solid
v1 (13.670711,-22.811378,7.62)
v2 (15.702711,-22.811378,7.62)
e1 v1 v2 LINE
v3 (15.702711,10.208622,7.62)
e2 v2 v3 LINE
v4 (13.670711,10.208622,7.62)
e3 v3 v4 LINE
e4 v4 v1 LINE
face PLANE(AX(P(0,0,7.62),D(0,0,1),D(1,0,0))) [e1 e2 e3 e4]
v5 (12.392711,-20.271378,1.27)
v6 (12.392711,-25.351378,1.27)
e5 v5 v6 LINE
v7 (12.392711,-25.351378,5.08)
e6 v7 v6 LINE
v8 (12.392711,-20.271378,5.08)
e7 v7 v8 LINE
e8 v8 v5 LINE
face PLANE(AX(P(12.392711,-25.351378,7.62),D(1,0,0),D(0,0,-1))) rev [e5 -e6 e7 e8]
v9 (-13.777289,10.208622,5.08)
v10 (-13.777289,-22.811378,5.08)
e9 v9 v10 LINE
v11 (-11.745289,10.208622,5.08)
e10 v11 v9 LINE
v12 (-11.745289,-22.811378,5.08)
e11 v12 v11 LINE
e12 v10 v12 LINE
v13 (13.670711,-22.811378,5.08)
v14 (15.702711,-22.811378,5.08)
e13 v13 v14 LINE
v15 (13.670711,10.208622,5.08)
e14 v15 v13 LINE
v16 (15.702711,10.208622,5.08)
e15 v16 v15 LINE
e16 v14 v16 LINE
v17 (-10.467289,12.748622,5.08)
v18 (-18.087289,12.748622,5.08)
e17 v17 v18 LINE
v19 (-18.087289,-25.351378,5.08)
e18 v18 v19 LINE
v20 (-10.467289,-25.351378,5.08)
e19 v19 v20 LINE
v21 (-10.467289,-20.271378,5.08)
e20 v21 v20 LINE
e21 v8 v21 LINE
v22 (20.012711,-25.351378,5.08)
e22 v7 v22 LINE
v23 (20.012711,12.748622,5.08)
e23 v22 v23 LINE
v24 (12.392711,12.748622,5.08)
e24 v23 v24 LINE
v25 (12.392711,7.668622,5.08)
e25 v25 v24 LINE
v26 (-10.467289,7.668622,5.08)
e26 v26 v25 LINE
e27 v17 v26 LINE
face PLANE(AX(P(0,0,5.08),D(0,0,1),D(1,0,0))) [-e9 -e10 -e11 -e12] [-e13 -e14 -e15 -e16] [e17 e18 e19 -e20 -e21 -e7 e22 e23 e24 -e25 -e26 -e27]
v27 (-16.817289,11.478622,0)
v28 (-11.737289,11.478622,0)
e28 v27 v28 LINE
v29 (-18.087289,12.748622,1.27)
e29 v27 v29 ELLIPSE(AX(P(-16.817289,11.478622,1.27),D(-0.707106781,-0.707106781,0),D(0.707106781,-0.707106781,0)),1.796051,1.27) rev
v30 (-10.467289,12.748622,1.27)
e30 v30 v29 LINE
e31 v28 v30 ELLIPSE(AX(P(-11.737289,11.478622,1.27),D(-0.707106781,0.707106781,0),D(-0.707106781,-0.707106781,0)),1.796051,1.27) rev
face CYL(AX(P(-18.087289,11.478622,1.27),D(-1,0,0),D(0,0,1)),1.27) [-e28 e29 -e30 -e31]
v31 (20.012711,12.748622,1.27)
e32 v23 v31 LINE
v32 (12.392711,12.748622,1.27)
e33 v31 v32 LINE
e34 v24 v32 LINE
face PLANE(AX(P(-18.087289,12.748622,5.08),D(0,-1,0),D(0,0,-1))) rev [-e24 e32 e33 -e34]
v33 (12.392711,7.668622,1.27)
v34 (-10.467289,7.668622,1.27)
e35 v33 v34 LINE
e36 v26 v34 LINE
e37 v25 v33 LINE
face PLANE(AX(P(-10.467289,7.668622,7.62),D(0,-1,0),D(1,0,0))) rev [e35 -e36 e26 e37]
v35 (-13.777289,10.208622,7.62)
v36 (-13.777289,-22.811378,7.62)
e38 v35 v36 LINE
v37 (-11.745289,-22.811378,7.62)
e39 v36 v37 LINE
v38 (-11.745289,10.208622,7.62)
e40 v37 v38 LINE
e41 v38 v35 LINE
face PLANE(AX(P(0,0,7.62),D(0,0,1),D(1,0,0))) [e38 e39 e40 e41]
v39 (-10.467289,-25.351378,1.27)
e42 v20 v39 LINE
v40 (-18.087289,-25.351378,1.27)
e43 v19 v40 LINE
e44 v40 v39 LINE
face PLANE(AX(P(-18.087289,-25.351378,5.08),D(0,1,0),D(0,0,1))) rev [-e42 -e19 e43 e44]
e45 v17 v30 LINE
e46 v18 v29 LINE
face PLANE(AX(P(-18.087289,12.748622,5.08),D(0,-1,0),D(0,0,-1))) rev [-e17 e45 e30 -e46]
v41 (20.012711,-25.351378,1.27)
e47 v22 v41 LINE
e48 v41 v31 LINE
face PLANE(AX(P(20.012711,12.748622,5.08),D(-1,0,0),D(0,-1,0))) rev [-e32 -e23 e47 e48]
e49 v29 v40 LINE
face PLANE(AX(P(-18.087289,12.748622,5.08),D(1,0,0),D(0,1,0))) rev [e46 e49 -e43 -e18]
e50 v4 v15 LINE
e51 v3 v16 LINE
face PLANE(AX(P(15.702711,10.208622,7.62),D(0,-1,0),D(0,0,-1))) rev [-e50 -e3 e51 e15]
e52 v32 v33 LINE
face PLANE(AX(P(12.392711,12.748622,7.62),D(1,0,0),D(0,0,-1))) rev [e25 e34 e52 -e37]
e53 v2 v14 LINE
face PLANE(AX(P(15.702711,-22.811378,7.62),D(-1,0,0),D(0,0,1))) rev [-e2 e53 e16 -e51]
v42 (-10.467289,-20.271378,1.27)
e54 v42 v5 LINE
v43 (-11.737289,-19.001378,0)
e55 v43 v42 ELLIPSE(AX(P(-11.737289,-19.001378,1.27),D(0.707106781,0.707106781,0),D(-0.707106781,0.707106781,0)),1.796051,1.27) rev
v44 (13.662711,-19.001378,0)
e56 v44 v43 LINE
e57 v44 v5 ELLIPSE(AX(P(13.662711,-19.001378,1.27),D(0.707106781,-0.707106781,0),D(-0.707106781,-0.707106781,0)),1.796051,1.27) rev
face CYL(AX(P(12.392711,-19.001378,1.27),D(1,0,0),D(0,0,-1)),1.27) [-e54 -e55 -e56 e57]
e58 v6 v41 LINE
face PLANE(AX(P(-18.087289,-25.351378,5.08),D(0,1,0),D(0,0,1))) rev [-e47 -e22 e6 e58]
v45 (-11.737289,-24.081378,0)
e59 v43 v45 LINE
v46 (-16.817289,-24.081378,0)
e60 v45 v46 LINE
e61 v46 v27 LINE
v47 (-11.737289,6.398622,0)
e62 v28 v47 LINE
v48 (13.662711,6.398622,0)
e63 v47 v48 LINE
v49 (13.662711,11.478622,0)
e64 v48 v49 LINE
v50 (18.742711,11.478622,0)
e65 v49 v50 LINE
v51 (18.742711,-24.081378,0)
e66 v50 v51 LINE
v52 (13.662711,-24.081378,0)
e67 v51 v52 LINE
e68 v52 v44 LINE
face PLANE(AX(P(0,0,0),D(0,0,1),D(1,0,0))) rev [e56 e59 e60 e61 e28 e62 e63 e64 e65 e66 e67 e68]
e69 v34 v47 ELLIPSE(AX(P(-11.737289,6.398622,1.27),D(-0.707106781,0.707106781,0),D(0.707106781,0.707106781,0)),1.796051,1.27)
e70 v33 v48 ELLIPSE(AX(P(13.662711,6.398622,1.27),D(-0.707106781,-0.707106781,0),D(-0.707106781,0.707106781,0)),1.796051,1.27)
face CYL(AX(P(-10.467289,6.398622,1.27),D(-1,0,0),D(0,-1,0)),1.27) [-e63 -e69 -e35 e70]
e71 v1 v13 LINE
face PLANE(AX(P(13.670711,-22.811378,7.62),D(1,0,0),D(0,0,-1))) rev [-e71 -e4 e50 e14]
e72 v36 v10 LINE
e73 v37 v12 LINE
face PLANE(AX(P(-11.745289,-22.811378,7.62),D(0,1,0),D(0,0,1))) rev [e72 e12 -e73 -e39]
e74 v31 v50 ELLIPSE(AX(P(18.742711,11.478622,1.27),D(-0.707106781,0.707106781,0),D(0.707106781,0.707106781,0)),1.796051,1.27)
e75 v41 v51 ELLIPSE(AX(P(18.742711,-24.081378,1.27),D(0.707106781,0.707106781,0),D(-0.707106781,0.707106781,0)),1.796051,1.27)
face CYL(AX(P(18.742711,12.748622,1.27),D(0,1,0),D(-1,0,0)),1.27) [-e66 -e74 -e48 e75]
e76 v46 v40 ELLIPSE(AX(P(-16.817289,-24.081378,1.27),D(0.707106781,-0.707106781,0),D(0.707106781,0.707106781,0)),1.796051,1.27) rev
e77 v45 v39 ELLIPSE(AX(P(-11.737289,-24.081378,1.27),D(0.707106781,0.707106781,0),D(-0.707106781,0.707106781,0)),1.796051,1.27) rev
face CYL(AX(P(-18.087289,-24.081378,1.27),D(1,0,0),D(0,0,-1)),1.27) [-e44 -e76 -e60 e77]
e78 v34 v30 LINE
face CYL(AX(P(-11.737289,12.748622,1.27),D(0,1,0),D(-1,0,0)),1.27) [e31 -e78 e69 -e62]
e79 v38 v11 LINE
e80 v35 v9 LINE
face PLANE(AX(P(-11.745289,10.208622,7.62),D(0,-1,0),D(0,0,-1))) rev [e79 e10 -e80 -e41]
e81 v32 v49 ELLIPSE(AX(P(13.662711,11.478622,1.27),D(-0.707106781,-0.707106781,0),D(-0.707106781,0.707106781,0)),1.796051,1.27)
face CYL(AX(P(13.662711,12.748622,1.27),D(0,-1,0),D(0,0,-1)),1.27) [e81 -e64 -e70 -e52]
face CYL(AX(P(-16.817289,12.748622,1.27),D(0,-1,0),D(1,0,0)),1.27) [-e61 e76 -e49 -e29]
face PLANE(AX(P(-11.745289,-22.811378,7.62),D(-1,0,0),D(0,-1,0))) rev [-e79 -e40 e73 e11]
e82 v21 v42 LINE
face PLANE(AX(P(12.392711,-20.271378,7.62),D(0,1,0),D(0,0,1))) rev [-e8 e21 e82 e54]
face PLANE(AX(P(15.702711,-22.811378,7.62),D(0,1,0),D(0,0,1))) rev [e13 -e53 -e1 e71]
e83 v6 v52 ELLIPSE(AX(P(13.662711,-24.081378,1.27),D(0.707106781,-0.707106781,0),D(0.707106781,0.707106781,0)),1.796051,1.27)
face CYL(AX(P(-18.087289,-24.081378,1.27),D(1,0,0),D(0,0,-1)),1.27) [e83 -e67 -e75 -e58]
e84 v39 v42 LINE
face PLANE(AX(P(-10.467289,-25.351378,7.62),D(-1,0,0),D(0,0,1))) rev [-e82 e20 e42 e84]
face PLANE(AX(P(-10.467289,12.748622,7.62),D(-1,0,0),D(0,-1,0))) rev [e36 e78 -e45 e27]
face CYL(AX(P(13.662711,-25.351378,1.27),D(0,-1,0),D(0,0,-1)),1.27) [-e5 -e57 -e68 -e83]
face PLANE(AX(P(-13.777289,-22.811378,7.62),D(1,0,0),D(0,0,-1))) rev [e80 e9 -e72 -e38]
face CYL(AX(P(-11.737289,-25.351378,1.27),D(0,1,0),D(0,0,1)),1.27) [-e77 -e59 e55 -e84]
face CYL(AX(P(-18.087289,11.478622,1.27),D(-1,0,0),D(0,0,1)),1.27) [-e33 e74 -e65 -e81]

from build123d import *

# Parameters (mm, degrees)
SKETCH1_W           = 38.1
SKETCH1_H           = 38.1
BOSS_EXTRUDE1_DEPTH = 5.08
SKETCH5_W           = 2.032
SKETCH5_H           = 33.02
BOSS_EXTRUDE3_DEPTH = 2.54
SKETCH6_W           = 22.86
SKETCH6_H           = 5.08
CUT_EXTRUDE1_DEPTH  = 8.62
FILLET1_R           = 1.27


with BuildPart() as part:
    # Sketch1 → Boss-Extrude1 (new body)
    with BuildSketch(Plane.XY):
        with Locations((0.962710567, -6.301378254)):
            Rectangle(SKETCH1_W, SKETCH1_H)
    extrude(amount=BOSS_EXTRUDE1_DEPTH)

    # Sketch5 → Boss-Extrude3 (add)
    with BuildSketch(Plane.XY.offset(5.08)):
        with Locations((14.686710567, -6.301378254)):
            Rectangle(SKETCH5_W, SKETCH5_H)
        with Locations((-12.761289417, -6.301378254)):
            Rectangle(SKETCH5_W, SKETCH5_H)
    extrude(amount=BOSS_EXTRUDE3_DEPTH)

    # Sketch6 → Cut-Extrude1 (cut, through all)
    with BuildSketch(Plane(origin=(0, 0, 0), x_dir=(-1, 0, 0), z_dir=(0, 0, -1))):
        with Locations((-0.962710567, 10.208621746)):
            Rectangle(SKETCH6_W, SKETCH6_H)
        with Locations((-0.962710567, -22.811378254)):
            Rectangle(SKETCH6_W, SKETCH6_H)
    extrude(amount=-CUT_EXTRUDE1_DEPTH, mode=Mode.SUBTRACT)

    # Fillet1
    fillet1_edges = [part.edges().sort_by_distance(p)[0] for p in [
        (-14.277289433, 12.748621746, 0),
        (16.202710567, -25.351378254, 0),
        (16.202710567, 12.748621746, 0),
        (20.012710567, -6.301378254, 0),
        (-10.467289433, 10.208621746, 0),
        (12.392710567, 10.208621746, 0),
        (0.962710567, 7.668621746, 0),
        (-14.277289433, -25.351378254, 0),
        (-18.087289433, -6.301378254, 0),
        (12.392710567, -22.811378254, 0),
        (-10.467289433, -22.811378254, 0),
        (0.962710567, -20.271378254, 0),
    ]]
    fillet(fillet1_edges, radius=FILLET1_R)


solid = part.part
